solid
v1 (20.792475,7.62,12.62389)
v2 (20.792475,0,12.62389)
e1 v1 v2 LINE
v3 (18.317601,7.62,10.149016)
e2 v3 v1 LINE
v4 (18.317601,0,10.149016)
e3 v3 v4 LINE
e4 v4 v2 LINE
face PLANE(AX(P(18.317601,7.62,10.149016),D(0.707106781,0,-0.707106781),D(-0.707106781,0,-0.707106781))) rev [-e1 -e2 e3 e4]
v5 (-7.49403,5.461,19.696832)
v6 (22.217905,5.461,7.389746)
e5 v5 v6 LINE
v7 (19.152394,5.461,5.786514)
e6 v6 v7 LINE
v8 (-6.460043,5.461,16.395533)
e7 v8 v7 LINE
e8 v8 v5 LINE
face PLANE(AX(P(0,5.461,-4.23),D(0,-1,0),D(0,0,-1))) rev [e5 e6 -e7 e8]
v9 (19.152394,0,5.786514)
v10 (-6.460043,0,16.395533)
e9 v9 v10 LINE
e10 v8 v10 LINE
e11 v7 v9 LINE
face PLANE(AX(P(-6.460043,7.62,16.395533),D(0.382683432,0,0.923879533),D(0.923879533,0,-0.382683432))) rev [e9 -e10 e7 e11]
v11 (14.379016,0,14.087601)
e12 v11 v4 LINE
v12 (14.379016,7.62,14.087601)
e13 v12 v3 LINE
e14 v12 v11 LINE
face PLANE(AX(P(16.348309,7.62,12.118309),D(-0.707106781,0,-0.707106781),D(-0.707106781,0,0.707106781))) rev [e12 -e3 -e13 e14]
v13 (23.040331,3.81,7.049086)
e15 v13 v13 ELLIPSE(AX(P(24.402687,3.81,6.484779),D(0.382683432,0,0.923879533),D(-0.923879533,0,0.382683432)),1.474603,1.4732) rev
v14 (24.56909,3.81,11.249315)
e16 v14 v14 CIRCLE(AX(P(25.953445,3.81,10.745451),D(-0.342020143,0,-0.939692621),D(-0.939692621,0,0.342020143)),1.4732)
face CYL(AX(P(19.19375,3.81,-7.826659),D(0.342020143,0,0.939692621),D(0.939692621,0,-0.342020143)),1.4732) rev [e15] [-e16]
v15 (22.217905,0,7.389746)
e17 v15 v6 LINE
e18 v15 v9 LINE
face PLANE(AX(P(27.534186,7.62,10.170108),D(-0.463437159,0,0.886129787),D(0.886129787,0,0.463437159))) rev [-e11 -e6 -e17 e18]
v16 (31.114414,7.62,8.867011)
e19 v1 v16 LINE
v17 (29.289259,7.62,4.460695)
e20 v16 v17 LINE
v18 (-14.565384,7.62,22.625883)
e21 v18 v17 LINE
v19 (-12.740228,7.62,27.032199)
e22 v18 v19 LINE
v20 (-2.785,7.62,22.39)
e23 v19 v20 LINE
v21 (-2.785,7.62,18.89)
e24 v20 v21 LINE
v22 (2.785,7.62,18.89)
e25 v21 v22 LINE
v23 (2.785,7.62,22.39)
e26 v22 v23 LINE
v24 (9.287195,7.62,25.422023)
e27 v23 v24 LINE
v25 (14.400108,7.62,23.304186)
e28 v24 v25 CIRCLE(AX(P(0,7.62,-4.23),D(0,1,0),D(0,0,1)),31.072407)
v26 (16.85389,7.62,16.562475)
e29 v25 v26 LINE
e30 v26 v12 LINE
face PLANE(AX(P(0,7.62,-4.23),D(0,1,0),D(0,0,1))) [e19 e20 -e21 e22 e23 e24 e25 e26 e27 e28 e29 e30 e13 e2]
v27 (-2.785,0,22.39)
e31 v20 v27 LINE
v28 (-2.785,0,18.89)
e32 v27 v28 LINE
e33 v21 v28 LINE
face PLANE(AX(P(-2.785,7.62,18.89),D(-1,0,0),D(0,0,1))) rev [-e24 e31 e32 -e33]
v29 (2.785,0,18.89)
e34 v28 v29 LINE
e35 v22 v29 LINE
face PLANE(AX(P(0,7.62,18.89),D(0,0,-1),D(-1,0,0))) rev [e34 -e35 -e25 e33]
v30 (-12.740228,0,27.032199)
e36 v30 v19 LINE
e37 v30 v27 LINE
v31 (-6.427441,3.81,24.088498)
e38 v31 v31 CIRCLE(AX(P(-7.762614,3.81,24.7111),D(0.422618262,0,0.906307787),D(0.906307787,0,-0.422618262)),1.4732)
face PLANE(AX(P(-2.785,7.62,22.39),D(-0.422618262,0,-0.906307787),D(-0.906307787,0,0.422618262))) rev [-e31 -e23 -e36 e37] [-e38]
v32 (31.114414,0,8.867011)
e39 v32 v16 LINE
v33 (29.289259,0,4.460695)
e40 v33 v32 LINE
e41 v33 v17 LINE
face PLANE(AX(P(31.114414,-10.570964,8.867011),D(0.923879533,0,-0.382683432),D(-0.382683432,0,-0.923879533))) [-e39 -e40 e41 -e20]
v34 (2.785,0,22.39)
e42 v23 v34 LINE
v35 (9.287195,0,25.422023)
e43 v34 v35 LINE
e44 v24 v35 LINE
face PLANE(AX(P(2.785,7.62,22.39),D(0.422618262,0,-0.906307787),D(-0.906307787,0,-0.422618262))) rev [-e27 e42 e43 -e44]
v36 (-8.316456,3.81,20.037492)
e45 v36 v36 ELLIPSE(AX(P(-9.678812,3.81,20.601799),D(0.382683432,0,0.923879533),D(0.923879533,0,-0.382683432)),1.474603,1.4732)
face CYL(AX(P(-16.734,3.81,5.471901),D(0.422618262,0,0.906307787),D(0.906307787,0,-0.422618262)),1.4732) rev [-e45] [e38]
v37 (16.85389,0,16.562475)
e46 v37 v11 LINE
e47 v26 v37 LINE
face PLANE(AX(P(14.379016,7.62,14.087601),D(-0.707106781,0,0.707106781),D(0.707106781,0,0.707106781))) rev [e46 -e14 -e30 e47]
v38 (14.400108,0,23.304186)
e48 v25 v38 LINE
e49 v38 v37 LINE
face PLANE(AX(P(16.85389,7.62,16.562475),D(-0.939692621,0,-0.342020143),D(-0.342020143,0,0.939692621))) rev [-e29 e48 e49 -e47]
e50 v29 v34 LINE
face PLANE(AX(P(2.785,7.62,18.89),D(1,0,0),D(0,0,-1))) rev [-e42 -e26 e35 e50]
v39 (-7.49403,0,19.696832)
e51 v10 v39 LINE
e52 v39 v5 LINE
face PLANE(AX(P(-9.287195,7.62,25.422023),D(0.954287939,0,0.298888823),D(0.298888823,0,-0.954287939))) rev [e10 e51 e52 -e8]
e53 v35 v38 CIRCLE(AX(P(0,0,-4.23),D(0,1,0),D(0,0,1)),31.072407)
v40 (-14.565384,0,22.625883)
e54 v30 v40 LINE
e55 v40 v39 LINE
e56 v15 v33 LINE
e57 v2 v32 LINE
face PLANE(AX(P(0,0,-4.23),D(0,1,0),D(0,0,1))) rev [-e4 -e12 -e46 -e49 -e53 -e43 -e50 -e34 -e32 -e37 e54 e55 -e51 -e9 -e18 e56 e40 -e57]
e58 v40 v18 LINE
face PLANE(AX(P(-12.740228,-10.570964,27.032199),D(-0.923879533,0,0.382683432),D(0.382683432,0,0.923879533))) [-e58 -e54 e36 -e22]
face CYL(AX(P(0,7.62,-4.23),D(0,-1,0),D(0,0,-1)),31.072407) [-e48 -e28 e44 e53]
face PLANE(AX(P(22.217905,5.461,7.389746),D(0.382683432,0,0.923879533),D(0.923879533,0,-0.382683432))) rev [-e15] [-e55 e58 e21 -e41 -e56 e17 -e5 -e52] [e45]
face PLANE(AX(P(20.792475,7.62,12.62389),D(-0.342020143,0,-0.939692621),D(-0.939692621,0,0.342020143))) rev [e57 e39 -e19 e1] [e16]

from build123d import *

# Parameters (mm, degrees)
BOSS_EXTRUDE2_DEPTH = 7.62
CUT_EXTRUDE3_DEPTH  = 2.159
BOSS_EXTRUDE5_DEPTH = 7.62
SKETCH26_R          = 1.4732
CUT_EXTRUDE4_DEPTH  = 28.462559415


with BuildPart() as part:
    # Sketch2 → Boss-Extrude2 (new body)
    with BuildSketch(Plane(origin=(0, 0, 0), x_dir=(1, 0, 0), z_dir=(0, 1, 0))):
        with BuildLine():
            Line((-2.785, -18.89), (-2.785, -22.39))
            Line((-2.785, -22.39), (-9.28719522, -25.422023426))
            Line((-9.28719522, -25.422023426), (-6.46004312, -16.395532832))
            Line((-6.46004312, -16.395532832), (19.152394428, -5.786513834))
            Line((19.152394428, -5.786513834), (27.534185559, -10.170108122))
            Line((27.534185559, -10.170108122), (20.792474901, -12.62389013))
            Line((20.792474901, -12.62389013), (18.317601167, -10.149016395))
            Line((18.317601167, -10.149016395), (16.348308781, -12.118308781))
            Line((16.348308781, -12.118308781), (14.379016395, -14.087601167))
            Line((14.379016395, -14.087601167), (16.85389013, -16.562474901))
            Line((16.85389013, -16.562474901), (14.400108122, -23.304185559))
            ThreePointArc((14.400108122, -23.304185559), (11.890895434, -24.477161025), (9.28719522, -25.422023426))
            Line((9.28719522, -25.422023426), (2.785, -22.39))
            Line((2.785, -22.39), (2.785, -18.89))
            Line((2.785, -18.89), (0, -18.89))
            Line((0, -18.89), (-2.785, -18.89))
        make_face()
    extrude(amount=BOSS_EXTRUDE2_DEPTH)

    # Sketch15 → Cut-Extrude3 (cut)
    with BuildSketch(Plane(origin=(0, 7.62, 0), x_dir=(-1, 0, 0), z_dir=(0, 1, 0))):
        Polygon((-22.217905164, 7.389745786), (7.494030365, 19.696832446), (6.459424884, 16.393558936), (-19.150561514, 5.785555238), align=None)
    extrude(amount=-CUT_EXTRUDE3_DEPTH, mode=Mode.SUBTRACT)

    # Sketch22 → Boss-Extrude5 (add)
    with BuildSketch(Plane(origin=(0, 7.62, 0), x_dir=(1, 0, 0), z_dir=(0, 1, 0))):
        Polygon((-9.28719522, -25.422023426), (-7.494030365, -19.696832446), (-14.565383767, -22.625882929), (-12.740227889, -27.032199003), align=None)
        Polygon((31.114414444, -8.867011376), (27.534185559, -10.170108122), (22.217905164, -7.389745786), (29.289258566, -4.460695302), align=None)
    extrude(amount=-BOSS_EXTRUDE5_DEPTH)

    # Sketch26 → Cut-Extrude4 (cut, through all)
    with BuildSketch(Plane(origin=(8.078449287, 0, 17.324290403), x_dir=(0.9063077870366507, 0, -0.422618261740698), z_dir=(0.422618261740698, 0, 0.9063077870366508))):
        with Locations((-17.478679383, 3.81)):
            Circle(SKETCH26_R)
    cut_extrude4 = extrude(amount=-CUT_EXTRUDE4_DEPTH, mode=Mode.SUBTRACT)

    # Mirror2: Cut-Extrude4 across plane
    add(cut_extrude4.mirror(Plane(origin=(9.626416417, 7.62, 19.01022507), x_dir=(0.38268343236517965, 0, 0.9238795325112495), z_dir=(-0.9238795325112495, 0, 0.38268343236517965))), mode=Mode.SUBTRACT)


solid = part.part
